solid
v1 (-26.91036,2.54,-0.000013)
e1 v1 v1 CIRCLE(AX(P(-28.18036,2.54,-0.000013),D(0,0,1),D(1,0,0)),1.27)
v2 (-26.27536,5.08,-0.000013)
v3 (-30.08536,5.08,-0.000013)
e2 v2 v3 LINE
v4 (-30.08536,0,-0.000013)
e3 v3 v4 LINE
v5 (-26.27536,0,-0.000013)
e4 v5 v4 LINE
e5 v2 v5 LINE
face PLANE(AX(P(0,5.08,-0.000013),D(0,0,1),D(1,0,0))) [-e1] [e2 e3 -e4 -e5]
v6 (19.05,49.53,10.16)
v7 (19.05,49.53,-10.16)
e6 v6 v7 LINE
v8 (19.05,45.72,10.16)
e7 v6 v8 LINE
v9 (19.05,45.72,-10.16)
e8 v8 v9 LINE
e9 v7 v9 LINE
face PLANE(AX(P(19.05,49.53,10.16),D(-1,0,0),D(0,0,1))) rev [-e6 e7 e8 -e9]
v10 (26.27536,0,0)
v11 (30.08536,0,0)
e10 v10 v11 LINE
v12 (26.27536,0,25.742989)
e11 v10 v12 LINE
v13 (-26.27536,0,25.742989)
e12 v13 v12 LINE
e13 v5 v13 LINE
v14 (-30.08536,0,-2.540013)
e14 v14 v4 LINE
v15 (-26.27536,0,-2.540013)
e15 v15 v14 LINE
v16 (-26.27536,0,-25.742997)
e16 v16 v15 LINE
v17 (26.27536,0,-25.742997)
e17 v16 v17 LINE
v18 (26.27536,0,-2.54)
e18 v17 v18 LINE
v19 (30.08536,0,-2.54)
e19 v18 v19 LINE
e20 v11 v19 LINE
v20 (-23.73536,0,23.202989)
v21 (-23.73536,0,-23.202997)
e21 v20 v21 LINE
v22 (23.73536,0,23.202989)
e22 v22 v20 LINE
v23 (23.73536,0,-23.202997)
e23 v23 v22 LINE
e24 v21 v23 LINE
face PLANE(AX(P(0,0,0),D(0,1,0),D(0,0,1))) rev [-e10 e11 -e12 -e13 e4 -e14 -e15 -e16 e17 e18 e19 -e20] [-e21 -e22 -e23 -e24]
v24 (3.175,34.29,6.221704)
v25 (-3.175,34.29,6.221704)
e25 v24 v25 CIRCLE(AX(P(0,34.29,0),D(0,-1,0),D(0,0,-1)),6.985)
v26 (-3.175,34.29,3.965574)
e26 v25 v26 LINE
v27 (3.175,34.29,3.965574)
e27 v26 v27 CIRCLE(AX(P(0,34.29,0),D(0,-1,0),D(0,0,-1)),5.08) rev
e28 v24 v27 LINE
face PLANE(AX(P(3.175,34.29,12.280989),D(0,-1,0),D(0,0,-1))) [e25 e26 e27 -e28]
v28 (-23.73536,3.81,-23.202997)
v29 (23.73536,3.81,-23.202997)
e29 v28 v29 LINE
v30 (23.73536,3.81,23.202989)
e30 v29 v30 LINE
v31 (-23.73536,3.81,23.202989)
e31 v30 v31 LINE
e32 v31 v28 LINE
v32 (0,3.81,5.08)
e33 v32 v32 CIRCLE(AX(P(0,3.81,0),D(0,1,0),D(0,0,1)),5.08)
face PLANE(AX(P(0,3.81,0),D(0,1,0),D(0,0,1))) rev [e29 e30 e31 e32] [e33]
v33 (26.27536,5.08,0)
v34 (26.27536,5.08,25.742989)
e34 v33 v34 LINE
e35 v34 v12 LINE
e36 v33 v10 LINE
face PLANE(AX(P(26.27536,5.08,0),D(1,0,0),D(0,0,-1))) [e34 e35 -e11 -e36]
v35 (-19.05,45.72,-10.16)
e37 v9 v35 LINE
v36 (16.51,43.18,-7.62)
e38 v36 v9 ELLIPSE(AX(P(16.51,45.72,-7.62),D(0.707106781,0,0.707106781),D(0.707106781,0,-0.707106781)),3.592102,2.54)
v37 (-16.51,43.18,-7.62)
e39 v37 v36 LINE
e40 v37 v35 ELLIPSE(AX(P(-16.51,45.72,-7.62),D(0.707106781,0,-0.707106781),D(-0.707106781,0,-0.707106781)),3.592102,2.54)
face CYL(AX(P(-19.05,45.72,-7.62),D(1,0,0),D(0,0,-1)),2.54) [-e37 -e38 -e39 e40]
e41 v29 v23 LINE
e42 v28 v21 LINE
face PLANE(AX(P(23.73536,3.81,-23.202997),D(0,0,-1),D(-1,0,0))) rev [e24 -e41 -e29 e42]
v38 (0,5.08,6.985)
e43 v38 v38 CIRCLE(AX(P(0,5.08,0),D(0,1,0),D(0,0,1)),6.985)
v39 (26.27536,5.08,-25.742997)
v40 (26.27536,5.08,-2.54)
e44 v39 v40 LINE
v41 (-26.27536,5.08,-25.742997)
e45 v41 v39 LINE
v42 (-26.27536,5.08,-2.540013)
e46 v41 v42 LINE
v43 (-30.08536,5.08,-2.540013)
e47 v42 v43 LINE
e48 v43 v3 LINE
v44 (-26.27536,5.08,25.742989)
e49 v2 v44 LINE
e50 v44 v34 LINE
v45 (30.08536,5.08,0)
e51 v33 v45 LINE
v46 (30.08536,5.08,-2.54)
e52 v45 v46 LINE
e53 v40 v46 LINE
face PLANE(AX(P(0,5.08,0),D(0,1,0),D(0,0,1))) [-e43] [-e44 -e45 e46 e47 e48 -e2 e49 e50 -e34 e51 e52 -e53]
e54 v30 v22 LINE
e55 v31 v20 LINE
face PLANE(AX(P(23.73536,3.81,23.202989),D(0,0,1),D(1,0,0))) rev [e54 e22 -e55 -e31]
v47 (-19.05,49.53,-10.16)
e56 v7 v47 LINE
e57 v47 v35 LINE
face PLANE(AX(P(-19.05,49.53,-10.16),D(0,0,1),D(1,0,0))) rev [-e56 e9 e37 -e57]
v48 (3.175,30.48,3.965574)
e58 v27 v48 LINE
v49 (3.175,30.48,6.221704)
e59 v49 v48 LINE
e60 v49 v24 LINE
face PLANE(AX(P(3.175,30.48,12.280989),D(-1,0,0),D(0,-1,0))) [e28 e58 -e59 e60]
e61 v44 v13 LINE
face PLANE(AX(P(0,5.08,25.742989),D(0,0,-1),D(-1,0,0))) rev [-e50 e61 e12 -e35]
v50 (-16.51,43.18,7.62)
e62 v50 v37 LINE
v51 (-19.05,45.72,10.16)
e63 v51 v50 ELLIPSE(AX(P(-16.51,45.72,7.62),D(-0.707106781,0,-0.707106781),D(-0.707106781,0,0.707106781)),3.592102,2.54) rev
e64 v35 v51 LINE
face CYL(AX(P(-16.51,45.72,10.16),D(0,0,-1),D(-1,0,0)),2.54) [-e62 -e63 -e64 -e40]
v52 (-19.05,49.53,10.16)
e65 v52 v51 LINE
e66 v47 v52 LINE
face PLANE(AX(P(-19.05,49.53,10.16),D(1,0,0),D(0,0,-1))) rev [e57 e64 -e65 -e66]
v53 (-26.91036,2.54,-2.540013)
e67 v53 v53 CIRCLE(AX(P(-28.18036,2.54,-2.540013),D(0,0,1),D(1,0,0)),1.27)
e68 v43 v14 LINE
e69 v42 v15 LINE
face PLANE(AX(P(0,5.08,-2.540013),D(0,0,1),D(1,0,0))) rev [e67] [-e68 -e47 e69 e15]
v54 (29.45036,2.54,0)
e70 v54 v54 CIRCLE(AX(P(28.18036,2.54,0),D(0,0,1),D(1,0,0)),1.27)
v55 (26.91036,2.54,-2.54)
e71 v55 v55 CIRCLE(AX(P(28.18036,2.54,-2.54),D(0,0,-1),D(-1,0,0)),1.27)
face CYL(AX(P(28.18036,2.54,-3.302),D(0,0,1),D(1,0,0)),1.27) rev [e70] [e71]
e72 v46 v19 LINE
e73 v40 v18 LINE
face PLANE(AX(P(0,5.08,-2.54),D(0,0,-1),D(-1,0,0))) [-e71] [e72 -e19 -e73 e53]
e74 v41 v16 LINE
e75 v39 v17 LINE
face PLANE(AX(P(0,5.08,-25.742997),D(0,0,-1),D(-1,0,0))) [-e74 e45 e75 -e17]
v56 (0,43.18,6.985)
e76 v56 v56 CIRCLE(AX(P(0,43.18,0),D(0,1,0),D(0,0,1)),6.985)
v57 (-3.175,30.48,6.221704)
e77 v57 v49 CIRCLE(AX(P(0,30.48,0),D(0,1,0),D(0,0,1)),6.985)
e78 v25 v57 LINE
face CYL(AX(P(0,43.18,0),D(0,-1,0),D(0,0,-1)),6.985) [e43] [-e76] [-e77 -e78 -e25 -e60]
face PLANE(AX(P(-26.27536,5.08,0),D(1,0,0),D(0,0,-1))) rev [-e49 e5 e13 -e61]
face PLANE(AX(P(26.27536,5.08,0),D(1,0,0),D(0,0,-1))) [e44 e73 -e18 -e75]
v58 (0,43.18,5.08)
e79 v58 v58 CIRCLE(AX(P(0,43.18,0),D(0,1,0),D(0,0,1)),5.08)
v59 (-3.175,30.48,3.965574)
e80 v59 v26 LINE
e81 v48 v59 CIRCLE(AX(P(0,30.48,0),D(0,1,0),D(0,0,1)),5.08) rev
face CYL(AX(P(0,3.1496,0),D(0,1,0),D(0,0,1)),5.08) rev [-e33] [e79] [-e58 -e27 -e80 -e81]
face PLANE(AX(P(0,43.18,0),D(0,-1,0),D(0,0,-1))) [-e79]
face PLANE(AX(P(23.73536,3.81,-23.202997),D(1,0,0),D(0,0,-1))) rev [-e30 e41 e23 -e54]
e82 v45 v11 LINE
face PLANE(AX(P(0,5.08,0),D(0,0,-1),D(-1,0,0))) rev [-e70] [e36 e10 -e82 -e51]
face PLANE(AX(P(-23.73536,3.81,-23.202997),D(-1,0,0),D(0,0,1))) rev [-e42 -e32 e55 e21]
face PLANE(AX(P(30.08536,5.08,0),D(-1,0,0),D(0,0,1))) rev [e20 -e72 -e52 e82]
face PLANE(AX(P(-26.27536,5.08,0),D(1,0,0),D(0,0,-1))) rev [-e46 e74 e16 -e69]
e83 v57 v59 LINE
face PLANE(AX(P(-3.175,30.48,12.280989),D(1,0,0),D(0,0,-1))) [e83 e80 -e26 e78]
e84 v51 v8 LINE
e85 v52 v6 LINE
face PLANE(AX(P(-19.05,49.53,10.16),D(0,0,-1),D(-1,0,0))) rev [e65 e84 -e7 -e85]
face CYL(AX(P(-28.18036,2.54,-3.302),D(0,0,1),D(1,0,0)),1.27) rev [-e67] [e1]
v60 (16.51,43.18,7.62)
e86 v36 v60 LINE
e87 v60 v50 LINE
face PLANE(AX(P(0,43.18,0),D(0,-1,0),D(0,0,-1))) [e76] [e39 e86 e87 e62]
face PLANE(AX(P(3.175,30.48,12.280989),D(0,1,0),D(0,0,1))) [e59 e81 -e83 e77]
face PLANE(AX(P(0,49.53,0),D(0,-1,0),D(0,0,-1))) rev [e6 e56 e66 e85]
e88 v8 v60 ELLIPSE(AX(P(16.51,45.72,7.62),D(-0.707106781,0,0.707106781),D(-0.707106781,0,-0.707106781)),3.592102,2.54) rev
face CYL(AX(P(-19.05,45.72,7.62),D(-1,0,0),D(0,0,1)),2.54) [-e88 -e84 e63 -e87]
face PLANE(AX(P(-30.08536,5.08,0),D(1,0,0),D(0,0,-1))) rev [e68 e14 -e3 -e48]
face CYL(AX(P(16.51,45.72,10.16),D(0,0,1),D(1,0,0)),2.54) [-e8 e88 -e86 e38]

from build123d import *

# Parameters (mm, degrees)
SKETCH2_W           = 52.5507204
SKETCH2_H           = 51.48598542
SKETCH2_W_2         = 3.81
SKETCH2_H_2         = 2.54
BOSS_EXTRUDE1_DEPTH = 5.08
SKETCH3_W           = 47.4707204
SKETCH3_H           = 46.40598542
CUT_EXTRUDE1_DEPTH  = 3.81
SKETCH4_R           = 1.27
CUT_EXTRUDE2_DEPTH  = 3.302
SKETCH5_R           = 5.08
CUT_EXTRUDE3_DEPTH  = 1.9304
SKETCH6_R           = 6.985
BOSS_EXTRUDE2_DEPTH = 38.1
SKETCH8_R           = 5.08
CUT_EXTRUDE4_DEPTH  = 38.1
SKETCH7_W           = 38.1
SKETCH7_H           = 20.32
BOSS_EXTRUDE3_DEPTH = 6.35
FILLET3_R           = 2.54
SKETCH9_W           = 6.35
SKETCH9_H           = 3.81
CUT_EXTRUDE5_DEPTH  = 11.938


with BuildPart() as part:
    # Sketch2 → Boss-Extrude1 (new body)
    with BuildSketch(Plane(origin=(0, 0, 0), x_dir=(1, 0, 0), z_dir=(0, 1, 0))):
        with Locations((0, 3.81e-06)):
            Rectangle(SKETCH2_W, SKETCH2_H)
        with Locations((28.1803602, 1.27)):
            Rectangle(SKETCH2_W_2, SKETCH2_H_2)
        with Locations((-28.1803602, 1.2700127)):
            Rectangle(SKETCH2_W_2, SKETCH2_H_2)
    extrude(amount=BOSS_EXTRUDE1_DEPTH)

    # Sketch3 → Cut-Extrude1 (cut)
    with BuildSketch(Plane.XZ):
        with Locations((0, -3.81e-06)):
            Rectangle(SKETCH3_W, SKETCH3_H)
    extrude(amount=-CUT_EXTRUDE1_DEPTH, mode=Mode.SUBTRACT)

    # Sketch4 → Cut-Extrude2 (cut)
    with BuildSketch(Plane.XY):
        with Locations((28.1803602, 2.54)):
            Circle(SKETCH4_R)
        with Locations((-28.1803602, 2.54)):
            Circle(SKETCH4_R)
    extrude(amount=-CUT_EXTRUDE2_DEPTH, mode=Mode.SUBTRACT)

    # Sketch5 → Cut-Extrude3 (cut)
    with BuildSketch(Plane(origin=(0, 5.08, 0), x_dir=(1, 0, 0), z_dir=(0, 1, 0))):
        Circle(SKETCH5_R)
    extrude(amount=-CUT_EXTRUDE3_DEPTH, mode=Mode.SUBTRACT)

    # Sketch6 → Boss-Extrude2 (add)
    with BuildSketch(Plane(origin=(0, 5.08, 0), x_dir=(1, 0, 0), z_dir=(0, 1, 0))):
        Circle(SKETCH6_R)
    extrude(amount=BOSS_EXTRUDE2_DEPTH)

    # Sketch8 → Cut-Extrude4 (cut)
    with BuildSketch(Plane(origin=(0, 43.18, 0), x_dir=(1, 0, 0), z_dir=(0, 1, 0))):
        Circle(SKETCH8_R)
    extrude(amount=-CUT_EXTRUDE4_DEPTH, mode=Mode.SUBTRACT)

    # Sketch7 → Boss-Extrude3 (add)
    with BuildSketch(Plane(origin=(0, 43.18, 0), x_dir=(1, 0, 0), z_dir=(0, 1, 0))):
        Rectangle(SKETCH7_W, SKETCH7_H)
    extrude(amount=BOSS_EXTRUDE3_DEPTH)

    # Fillet3
    fillet3_edges = [part.edges().sort_by_distance(p)[0] for p in [
        (-19.05, 43.18, 0),
        (0, 43.18, 10.16),
        (19.05, 43.18, 0),
        (0, 43.18, -10.16),
    ]]
    fillet(fillet3_edges, radius=FILLET3_R)

    # Sketch9 → Cut-Extrude5 (cut)
    with BuildSketch(Plane.XY.offset(0.3429889)):
        with Locations((0, 32.385)):
            Rectangle(SKETCH9_W, SKETCH9_H)
    extrude(amount=CUT_EXTRUDE5_DEPTH, mode=Mode.SUBTRACT)


solid = part.part
